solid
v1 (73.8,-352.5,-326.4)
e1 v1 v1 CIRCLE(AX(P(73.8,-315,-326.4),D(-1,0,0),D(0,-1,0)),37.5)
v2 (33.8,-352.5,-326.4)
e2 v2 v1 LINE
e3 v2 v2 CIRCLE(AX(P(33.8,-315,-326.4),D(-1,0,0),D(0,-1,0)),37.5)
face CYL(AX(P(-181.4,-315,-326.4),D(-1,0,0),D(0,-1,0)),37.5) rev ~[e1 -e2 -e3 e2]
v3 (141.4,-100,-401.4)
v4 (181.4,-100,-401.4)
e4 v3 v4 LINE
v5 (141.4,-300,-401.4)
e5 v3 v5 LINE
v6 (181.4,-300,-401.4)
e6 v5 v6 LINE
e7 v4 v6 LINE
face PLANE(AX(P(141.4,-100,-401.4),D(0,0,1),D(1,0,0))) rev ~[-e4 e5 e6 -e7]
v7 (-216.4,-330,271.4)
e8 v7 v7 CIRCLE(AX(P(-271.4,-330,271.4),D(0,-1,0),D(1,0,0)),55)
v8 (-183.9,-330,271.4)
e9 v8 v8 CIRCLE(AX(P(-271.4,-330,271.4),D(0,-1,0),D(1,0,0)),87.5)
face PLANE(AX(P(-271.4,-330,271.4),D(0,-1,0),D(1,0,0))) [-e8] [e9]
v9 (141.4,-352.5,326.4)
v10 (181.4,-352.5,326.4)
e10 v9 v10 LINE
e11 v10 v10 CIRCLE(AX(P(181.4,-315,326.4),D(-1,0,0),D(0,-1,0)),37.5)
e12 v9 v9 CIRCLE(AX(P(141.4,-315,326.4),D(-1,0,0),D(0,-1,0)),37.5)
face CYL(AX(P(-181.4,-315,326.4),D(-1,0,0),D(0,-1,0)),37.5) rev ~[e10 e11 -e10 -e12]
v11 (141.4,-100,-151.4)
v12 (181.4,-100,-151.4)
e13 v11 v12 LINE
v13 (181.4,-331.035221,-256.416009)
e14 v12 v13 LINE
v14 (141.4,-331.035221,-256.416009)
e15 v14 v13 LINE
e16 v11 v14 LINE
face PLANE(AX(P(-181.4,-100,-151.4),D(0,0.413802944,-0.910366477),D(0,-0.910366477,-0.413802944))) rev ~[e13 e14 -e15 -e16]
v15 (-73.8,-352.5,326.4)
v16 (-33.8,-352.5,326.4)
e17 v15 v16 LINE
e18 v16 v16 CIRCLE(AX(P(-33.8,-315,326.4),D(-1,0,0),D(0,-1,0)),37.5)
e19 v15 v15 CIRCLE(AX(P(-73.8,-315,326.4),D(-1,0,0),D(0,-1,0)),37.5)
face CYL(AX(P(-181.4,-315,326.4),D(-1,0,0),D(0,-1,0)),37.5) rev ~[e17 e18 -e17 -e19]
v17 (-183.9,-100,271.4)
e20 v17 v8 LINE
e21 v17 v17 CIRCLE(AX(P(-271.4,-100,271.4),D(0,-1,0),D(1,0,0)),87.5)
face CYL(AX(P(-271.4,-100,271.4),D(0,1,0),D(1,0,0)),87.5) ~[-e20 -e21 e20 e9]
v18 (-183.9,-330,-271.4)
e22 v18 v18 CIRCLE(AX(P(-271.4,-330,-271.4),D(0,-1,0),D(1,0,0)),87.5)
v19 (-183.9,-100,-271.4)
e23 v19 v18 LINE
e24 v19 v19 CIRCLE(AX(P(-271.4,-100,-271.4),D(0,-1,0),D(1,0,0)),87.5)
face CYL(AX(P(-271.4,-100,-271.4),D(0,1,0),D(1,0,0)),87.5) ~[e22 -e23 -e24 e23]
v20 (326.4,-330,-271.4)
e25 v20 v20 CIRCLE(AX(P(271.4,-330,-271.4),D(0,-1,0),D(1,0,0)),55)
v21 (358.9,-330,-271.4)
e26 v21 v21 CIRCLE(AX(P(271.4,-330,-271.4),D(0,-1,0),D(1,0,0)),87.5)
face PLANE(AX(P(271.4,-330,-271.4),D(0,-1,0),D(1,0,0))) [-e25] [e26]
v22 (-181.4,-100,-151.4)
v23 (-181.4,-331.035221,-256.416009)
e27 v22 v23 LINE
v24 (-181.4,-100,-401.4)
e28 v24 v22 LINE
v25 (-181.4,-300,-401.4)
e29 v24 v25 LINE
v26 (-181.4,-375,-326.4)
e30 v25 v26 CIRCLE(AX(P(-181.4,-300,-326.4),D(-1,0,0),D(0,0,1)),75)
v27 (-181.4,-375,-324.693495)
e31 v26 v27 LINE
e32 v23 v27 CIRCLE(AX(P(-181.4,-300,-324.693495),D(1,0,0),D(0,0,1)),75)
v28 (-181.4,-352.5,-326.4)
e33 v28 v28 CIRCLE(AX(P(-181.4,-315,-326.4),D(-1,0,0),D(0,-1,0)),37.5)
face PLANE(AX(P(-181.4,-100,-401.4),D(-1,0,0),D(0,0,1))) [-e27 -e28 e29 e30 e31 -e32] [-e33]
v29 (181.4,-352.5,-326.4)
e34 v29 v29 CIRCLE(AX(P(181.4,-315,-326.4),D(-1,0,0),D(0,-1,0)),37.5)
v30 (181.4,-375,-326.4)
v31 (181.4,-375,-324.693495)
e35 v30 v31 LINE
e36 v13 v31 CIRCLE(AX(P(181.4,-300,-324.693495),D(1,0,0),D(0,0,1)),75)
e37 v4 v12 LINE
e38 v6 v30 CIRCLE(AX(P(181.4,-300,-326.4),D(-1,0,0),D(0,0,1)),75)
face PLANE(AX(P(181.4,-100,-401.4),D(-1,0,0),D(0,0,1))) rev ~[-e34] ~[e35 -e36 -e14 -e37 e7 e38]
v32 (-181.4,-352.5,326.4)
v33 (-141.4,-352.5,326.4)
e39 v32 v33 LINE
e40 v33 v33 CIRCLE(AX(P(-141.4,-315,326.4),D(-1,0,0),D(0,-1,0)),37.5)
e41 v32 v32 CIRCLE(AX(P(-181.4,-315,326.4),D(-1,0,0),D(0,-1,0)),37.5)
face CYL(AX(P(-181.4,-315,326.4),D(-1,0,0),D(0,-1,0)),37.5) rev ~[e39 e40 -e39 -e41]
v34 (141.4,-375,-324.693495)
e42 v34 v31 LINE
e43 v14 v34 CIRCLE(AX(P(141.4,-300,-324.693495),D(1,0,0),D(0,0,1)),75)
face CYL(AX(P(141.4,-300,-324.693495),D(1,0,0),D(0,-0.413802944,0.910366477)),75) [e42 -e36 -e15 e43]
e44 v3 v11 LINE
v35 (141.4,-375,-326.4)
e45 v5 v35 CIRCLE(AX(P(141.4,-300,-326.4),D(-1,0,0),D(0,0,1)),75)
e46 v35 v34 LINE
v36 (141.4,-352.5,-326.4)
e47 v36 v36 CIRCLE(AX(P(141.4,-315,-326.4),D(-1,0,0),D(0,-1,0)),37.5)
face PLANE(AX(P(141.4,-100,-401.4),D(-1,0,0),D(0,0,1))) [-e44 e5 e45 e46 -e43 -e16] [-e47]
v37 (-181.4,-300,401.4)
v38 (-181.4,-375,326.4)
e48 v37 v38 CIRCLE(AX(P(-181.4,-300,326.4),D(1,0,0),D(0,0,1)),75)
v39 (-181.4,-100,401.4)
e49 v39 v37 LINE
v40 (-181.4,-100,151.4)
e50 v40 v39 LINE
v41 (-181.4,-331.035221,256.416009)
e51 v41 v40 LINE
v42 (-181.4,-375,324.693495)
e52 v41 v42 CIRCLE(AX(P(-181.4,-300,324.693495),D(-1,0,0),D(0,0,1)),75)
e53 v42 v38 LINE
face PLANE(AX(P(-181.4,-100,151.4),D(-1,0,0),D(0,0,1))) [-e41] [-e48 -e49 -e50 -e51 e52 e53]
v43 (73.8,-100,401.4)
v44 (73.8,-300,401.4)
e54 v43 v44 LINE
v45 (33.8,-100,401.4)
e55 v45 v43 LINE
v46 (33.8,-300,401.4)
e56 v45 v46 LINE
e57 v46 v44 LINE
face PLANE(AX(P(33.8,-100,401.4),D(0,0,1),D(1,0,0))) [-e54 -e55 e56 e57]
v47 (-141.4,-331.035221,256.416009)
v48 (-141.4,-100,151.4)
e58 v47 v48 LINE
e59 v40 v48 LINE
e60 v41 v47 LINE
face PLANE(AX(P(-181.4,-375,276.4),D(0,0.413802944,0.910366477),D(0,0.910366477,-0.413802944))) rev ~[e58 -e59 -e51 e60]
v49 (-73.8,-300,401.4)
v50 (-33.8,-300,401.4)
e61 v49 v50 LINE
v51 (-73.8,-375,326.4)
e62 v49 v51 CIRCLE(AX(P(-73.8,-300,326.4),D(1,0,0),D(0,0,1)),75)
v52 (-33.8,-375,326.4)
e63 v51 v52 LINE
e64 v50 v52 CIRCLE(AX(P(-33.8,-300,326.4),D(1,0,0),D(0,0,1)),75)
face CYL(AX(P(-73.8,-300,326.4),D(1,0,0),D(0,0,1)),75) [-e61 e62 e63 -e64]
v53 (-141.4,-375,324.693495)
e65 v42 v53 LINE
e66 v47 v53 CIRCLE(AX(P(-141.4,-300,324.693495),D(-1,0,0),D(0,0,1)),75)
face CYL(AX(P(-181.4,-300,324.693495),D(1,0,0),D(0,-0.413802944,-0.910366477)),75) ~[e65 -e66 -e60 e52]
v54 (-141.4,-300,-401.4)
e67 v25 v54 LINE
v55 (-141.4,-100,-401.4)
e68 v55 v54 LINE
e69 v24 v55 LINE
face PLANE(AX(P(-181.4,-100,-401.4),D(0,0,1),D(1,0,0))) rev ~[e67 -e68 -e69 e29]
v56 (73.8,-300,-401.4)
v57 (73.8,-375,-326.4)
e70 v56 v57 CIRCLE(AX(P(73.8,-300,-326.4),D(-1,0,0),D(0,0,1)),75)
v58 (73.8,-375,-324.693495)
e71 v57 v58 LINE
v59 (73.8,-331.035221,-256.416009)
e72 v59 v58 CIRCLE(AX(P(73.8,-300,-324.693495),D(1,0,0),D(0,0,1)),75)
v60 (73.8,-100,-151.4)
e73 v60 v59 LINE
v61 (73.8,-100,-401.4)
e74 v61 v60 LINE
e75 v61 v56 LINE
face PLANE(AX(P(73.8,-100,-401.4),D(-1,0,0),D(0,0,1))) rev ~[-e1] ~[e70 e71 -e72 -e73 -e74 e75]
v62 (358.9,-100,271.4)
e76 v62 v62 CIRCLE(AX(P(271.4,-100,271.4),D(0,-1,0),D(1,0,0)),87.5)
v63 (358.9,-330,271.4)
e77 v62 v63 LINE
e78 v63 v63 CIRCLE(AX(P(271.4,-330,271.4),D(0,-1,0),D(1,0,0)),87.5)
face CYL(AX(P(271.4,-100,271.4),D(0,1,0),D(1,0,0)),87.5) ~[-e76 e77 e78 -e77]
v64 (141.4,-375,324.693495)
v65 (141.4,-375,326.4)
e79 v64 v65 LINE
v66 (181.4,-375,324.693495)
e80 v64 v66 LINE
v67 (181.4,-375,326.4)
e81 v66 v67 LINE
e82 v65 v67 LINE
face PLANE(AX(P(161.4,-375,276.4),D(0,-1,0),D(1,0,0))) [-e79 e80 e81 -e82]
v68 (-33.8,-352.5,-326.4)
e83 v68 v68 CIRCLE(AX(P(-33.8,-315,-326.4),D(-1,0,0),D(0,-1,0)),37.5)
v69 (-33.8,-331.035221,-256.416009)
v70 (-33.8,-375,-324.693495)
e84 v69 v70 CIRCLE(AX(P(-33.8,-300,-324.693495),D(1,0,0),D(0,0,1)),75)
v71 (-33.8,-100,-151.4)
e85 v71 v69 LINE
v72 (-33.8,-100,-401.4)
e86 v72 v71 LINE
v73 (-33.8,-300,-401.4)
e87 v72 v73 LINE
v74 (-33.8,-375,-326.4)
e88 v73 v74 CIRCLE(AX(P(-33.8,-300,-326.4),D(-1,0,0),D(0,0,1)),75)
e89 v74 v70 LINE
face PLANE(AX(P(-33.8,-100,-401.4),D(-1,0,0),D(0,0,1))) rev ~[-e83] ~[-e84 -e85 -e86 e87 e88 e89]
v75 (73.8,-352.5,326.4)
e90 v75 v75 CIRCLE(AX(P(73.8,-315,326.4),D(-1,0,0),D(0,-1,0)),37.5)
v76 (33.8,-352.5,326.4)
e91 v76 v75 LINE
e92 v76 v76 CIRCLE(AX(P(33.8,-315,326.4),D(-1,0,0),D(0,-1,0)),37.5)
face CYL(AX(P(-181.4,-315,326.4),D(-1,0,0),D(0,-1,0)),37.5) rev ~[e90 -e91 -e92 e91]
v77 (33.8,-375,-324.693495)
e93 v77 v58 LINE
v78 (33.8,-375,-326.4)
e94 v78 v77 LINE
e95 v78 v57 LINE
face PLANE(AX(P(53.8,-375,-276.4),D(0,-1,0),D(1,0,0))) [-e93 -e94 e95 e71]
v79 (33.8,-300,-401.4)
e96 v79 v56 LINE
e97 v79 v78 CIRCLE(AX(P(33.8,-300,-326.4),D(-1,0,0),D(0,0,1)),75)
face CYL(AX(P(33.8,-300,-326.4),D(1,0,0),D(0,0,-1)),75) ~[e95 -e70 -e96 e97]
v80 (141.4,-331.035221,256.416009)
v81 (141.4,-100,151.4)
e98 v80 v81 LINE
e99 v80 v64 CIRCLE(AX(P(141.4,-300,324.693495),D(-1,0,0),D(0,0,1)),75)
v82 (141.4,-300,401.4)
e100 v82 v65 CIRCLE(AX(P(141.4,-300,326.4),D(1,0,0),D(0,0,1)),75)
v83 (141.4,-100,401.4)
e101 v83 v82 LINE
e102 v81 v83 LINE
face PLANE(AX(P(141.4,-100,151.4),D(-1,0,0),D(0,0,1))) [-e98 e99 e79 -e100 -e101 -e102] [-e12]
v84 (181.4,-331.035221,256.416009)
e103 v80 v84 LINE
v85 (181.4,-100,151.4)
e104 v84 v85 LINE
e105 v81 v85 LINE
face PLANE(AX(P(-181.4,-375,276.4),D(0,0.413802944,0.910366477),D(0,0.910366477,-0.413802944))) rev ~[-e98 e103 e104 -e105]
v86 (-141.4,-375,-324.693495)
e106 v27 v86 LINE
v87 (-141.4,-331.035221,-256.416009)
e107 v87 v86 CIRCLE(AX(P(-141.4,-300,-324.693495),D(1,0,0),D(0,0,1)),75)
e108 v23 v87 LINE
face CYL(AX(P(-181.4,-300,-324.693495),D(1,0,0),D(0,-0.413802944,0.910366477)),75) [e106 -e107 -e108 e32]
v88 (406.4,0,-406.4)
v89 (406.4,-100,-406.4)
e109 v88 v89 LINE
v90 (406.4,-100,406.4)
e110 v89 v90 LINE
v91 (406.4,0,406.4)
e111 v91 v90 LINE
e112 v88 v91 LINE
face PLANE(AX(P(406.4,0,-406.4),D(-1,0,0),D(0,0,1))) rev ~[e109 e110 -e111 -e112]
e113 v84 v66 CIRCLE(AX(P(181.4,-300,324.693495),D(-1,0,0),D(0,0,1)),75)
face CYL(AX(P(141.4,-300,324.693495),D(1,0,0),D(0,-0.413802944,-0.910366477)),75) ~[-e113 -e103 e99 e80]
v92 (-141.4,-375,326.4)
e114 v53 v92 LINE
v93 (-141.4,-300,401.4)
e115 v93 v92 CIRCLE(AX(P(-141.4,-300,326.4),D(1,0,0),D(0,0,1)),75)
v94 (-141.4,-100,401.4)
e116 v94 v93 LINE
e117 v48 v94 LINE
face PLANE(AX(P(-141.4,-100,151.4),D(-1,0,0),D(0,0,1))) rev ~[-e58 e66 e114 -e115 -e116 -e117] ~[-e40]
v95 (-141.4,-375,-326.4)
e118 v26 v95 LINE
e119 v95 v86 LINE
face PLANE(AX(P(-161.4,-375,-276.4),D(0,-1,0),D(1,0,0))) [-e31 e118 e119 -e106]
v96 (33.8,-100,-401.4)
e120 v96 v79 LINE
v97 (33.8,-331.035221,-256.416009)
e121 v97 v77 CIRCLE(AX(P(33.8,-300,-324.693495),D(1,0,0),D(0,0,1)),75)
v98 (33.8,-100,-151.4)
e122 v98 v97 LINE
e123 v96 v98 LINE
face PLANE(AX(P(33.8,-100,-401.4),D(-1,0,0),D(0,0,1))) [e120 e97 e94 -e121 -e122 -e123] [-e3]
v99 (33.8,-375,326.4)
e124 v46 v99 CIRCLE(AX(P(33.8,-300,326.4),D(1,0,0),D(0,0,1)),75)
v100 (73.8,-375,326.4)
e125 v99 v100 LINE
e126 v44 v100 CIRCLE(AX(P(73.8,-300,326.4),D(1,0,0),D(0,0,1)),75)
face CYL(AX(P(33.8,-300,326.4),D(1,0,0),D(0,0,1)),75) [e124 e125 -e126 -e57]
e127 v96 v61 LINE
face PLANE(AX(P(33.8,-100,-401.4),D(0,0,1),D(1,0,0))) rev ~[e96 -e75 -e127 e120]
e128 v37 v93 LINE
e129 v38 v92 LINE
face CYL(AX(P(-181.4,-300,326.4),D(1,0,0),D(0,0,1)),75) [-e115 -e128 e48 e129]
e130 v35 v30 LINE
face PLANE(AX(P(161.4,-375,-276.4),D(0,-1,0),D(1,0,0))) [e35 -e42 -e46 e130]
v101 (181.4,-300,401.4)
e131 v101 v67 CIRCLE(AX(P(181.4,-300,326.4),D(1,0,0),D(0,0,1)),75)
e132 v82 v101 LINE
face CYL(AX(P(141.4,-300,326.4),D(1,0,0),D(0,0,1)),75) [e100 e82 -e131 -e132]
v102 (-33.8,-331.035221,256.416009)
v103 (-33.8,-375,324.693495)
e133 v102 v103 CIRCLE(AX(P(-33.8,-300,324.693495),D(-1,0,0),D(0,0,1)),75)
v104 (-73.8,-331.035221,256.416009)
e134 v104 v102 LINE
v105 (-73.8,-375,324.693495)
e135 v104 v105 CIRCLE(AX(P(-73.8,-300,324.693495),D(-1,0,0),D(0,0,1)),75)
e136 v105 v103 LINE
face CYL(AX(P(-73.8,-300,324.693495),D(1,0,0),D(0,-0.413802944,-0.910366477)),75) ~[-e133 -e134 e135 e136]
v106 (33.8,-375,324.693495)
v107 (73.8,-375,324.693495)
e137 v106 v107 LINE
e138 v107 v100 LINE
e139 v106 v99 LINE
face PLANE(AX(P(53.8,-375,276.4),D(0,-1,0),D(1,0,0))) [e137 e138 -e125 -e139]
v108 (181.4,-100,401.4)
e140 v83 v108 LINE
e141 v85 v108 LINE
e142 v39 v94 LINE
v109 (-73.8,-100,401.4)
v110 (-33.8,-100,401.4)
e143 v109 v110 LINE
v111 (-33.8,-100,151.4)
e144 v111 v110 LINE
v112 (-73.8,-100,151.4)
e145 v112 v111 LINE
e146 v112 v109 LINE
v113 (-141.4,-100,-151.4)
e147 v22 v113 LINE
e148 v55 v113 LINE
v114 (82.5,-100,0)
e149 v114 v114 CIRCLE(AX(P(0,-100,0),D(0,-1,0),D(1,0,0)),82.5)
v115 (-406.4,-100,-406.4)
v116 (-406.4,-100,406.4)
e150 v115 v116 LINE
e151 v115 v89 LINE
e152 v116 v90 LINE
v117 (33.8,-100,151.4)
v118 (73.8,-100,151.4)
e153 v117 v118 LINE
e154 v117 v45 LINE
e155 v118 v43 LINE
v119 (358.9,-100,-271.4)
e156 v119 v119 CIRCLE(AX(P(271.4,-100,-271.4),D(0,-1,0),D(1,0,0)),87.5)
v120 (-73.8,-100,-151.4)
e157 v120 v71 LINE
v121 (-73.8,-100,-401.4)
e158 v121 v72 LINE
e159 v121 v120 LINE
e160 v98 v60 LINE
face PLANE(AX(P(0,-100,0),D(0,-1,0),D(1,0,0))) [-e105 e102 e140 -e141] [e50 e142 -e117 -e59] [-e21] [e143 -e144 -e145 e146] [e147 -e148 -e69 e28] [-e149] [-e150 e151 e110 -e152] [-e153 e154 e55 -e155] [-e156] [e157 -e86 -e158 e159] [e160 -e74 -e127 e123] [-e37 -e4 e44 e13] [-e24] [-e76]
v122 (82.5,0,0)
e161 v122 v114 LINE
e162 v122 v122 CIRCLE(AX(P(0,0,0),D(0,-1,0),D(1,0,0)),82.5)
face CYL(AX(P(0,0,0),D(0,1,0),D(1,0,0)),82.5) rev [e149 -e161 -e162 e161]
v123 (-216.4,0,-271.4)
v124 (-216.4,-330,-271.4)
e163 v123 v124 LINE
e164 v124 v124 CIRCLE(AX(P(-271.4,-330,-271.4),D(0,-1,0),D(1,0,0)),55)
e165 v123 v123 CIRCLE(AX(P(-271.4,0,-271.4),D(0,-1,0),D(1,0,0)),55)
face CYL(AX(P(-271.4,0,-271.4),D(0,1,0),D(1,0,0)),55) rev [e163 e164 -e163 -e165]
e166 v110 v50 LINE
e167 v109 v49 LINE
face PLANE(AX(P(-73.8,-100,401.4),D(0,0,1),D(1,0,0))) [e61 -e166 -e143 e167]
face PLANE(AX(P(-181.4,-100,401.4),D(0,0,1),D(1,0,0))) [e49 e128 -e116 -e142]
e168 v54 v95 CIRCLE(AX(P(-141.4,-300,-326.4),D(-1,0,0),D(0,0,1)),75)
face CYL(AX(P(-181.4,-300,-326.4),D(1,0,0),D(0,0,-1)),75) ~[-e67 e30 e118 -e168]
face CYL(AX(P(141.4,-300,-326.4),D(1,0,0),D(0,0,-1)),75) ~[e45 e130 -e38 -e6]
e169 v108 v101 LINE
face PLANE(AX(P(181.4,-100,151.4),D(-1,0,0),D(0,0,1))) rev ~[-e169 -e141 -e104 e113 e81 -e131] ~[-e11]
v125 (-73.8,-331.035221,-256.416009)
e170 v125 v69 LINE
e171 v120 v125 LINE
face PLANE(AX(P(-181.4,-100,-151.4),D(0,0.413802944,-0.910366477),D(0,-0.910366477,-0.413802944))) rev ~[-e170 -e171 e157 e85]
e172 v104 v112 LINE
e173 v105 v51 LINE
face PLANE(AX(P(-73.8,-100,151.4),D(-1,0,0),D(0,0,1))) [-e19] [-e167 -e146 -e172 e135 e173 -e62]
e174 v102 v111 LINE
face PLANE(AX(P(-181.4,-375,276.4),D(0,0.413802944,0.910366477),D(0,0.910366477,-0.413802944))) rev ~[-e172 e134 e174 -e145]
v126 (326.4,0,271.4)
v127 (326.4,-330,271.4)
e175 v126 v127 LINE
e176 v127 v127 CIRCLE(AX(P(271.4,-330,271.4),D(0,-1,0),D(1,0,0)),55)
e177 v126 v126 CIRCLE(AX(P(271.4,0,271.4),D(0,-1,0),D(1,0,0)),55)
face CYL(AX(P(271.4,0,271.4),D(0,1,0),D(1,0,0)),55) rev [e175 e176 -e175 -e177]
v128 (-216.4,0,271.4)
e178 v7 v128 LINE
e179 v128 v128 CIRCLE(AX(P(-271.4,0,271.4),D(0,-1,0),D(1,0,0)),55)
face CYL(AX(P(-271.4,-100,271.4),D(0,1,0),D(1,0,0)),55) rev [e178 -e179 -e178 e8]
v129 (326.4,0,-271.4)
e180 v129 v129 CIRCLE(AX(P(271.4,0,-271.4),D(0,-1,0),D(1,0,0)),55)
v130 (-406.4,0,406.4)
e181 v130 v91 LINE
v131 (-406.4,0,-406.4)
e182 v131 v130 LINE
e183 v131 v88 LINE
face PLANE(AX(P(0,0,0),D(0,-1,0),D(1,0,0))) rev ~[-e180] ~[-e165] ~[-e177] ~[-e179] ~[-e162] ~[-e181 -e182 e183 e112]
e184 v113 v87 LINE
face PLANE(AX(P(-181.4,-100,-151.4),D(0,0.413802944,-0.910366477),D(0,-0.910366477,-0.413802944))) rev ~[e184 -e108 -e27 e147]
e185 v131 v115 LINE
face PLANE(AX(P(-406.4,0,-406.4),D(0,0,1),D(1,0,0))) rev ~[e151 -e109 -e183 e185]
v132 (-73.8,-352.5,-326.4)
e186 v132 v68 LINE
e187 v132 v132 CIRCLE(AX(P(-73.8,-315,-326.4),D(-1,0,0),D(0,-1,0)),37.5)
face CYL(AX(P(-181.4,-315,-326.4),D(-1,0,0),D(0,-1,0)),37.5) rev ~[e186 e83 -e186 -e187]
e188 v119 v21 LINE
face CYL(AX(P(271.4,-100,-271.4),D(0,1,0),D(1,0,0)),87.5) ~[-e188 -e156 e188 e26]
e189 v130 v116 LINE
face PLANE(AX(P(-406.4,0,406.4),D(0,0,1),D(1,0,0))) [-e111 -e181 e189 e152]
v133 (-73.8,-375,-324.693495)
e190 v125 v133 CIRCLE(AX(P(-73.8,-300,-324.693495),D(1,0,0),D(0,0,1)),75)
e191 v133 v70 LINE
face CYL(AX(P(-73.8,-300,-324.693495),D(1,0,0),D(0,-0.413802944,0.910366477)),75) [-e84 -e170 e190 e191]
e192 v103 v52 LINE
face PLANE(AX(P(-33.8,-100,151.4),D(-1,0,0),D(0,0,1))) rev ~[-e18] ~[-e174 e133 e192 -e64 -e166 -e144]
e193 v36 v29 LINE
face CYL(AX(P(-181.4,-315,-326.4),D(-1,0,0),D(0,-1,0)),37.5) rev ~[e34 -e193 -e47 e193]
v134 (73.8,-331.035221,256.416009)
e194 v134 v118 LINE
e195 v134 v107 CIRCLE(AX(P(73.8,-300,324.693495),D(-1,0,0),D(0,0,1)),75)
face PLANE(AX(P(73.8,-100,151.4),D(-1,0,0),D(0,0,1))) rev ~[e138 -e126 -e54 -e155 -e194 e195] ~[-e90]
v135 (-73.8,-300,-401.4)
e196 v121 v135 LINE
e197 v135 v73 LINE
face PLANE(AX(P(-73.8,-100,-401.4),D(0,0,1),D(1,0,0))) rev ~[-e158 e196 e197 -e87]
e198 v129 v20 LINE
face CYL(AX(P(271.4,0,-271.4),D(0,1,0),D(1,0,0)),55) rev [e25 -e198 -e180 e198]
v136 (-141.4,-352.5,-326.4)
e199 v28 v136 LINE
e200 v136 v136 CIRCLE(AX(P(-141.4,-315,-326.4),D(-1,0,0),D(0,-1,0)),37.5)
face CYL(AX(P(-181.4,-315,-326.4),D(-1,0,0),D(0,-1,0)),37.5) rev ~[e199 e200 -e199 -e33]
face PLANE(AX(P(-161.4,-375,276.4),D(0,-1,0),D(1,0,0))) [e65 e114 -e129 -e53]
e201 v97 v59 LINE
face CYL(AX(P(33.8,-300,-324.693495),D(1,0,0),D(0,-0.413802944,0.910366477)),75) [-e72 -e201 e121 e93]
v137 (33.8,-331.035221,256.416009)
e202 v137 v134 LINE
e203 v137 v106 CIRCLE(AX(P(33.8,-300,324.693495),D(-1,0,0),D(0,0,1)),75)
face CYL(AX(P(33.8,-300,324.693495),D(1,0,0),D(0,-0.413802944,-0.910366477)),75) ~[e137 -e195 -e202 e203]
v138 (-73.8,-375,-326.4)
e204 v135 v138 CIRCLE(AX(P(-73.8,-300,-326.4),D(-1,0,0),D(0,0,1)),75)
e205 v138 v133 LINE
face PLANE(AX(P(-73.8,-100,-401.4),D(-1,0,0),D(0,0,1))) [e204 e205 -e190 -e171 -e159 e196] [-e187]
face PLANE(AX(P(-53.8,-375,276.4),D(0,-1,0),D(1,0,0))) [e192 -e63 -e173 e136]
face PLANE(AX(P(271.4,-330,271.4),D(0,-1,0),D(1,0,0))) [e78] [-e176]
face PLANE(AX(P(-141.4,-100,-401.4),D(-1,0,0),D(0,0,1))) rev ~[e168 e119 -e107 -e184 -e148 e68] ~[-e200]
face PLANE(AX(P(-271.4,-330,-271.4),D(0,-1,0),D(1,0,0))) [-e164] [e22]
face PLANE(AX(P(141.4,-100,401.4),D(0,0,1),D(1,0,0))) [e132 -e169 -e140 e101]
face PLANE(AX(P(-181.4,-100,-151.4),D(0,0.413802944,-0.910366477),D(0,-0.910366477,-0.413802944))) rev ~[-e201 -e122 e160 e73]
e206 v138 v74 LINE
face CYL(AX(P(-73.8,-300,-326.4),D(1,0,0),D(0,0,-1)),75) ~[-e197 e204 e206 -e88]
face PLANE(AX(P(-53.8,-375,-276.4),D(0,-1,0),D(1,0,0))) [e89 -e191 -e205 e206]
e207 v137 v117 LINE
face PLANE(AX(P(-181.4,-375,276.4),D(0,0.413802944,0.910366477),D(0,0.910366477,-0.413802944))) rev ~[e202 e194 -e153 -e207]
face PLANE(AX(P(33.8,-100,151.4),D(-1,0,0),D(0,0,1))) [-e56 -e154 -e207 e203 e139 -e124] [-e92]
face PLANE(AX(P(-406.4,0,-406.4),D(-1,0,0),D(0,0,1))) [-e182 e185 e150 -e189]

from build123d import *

# Parameters (mm, degrees)
F0_W      = 812.8
F0_H      = 812.8
F0_R      = 55
F0_R_2    = 82.5
F1_DEPTH  = 100
F2_R      = 87.5
F2_R_2    = 55
F3_DEPTH  = 230
F4_W      = 40
F4_H      = 250
F5_DEPTH  = 275
F7_DEPTH  = 362.8
F8_R      = 75
F9_R      = 37.5
F10_DEPTH = 362.8


with BuildPart() as f1:
    # F0 (on Front) → F1 (new body)
    with BuildSketch(Plane.XZ):
        Rectangle(F0_W, F0_H)
        with Locations((-271.4, -271.4)):
            Circle(F0_R, mode=Mode.SUBTRACT)
        Circle(F0_R_2, mode=Mode.SUBTRACT)
        with Locations((271.4, -271.4)):
            Circle(F0_R, mode=Mode.SUBTRACT)
        with Locations((-271.4, 271.4)):
            Circle(F0_R, mode=Mode.SUBTRACT)
        with Locations((271.4, 271.4)):
            Circle(F0_R, mode=Mode.SUBTRACT)
    extrude(amount=F1_DEPTH)

    # F2 (on face) → F3 (join)
    with BuildSketch(Plane.XZ.offset(100)):
        with Locations((-271.4, 271.4)):
            Circle(F2_R)
        with Locations((-271.4, 271.4)):
            Circle(F2_R_2, mode=Mode.SUBTRACT)
        with Locations((271.4, 271.4)):
            Circle(F2_R)
        with Locations((271.4, 271.4)):
            Circle(F2_R_2, mode=Mode.SUBTRACT)
        with Locations((271.4, -271.4)):
            Circle(F2_R)
        with Locations((271.4, -271.4)):
            Circle(F2_R_2, mode=Mode.SUBTRACT)
        with Locations((-271.4, -271.4)):
            Circle(F2_R)
        with Locations((-271.4, -271.4)):
            Circle(F2_R_2, mode=Mode.SUBTRACT)
    extrude(amount=F3_DEPTH)

    # F4 (on face) → F5 (join)
    with BuildSketch(Plane.XZ.offset(100)):
        with Locations((-53.8, 276.4)):
            Rectangle(F4_W, F4_H)
        with Locations((53.8, 276.4)):
            Rectangle(F4_W, F4_H)
        with Locations((161.4, 276.4)):
            Rectangle(F4_W, F4_H)
        with Locations((161.4, -276.4)):
            Rectangle(F4_W, F4_H)
        with Locations((53.8, -276.4)):
            Rectangle(F4_W, F4_H)
        with Locations((-53.8, -276.4)):
            Rectangle(F4_W, F4_H)
        with Locations((-161.4, 276.4)):
            Rectangle(F4_W, F4_H)
        with Locations((-161.4, -276.4)):
            Rectangle(F4_W, F4_H)
    extrude(amount=F5_DEPTH)

    # F6 (on face) → F7 (cut, through all)
    with BuildSketch(Plane(origin=(-181.4, 0, 0), x_dir=(0, -1, 0), z_dir=(-1, 0, 0))):
        Polygon((375, 151.4), (375, 276.4), (100, 151.4), align=None)
        Polygon((375, -151.4), (100, -151.4), (375, -276.4), align=None)
    extrude(amount=-F7_DEPTH, mode=Mode.SUBTRACT)

    # F8
    f8_edges = [f1.edges().sort_by_distance(p)[0] for p in [
        (161.4, -375, 401.4),
        (161.4, -375, 276.4),
        (53.8, -375, 401.4),
        (53.8, -375, 276.4),
        (-53.8, -375, 401.4),
        (-53.8, -375, 276.4),
        (-161.4, -375, 401.4),
        (-161.4, -375, 276.4),
        (-161.4, -375, -276.4),
        (-161.4, -375, -401.4),
        (-53.8, -375, -276.4),
        (-53.8, -375, -401.4),
        (53.8, -375, -276.4),
        (53.8, -375, -401.4),
        (161.4, -375, -276.4),
        (161.4, -375, -401.4),
    ]]
    fillet(f8_edges, radius=F8_R)

    # F9 (on face) → F10 (cut, through all)
    with BuildSketch(Plane(origin=(-181.4, 0, 0), x_dir=(0, -1, 0), z_dir=(-1, 0, 0))):
        with Locations((315, 326.4)):
            Circle(F9_R)
        with Locations((315, -326.4)):
            Circle(F9_R)
    extrude(amount=-F10_DEPTH, mode=Mode.SUBTRACT)


solid = f1.part
